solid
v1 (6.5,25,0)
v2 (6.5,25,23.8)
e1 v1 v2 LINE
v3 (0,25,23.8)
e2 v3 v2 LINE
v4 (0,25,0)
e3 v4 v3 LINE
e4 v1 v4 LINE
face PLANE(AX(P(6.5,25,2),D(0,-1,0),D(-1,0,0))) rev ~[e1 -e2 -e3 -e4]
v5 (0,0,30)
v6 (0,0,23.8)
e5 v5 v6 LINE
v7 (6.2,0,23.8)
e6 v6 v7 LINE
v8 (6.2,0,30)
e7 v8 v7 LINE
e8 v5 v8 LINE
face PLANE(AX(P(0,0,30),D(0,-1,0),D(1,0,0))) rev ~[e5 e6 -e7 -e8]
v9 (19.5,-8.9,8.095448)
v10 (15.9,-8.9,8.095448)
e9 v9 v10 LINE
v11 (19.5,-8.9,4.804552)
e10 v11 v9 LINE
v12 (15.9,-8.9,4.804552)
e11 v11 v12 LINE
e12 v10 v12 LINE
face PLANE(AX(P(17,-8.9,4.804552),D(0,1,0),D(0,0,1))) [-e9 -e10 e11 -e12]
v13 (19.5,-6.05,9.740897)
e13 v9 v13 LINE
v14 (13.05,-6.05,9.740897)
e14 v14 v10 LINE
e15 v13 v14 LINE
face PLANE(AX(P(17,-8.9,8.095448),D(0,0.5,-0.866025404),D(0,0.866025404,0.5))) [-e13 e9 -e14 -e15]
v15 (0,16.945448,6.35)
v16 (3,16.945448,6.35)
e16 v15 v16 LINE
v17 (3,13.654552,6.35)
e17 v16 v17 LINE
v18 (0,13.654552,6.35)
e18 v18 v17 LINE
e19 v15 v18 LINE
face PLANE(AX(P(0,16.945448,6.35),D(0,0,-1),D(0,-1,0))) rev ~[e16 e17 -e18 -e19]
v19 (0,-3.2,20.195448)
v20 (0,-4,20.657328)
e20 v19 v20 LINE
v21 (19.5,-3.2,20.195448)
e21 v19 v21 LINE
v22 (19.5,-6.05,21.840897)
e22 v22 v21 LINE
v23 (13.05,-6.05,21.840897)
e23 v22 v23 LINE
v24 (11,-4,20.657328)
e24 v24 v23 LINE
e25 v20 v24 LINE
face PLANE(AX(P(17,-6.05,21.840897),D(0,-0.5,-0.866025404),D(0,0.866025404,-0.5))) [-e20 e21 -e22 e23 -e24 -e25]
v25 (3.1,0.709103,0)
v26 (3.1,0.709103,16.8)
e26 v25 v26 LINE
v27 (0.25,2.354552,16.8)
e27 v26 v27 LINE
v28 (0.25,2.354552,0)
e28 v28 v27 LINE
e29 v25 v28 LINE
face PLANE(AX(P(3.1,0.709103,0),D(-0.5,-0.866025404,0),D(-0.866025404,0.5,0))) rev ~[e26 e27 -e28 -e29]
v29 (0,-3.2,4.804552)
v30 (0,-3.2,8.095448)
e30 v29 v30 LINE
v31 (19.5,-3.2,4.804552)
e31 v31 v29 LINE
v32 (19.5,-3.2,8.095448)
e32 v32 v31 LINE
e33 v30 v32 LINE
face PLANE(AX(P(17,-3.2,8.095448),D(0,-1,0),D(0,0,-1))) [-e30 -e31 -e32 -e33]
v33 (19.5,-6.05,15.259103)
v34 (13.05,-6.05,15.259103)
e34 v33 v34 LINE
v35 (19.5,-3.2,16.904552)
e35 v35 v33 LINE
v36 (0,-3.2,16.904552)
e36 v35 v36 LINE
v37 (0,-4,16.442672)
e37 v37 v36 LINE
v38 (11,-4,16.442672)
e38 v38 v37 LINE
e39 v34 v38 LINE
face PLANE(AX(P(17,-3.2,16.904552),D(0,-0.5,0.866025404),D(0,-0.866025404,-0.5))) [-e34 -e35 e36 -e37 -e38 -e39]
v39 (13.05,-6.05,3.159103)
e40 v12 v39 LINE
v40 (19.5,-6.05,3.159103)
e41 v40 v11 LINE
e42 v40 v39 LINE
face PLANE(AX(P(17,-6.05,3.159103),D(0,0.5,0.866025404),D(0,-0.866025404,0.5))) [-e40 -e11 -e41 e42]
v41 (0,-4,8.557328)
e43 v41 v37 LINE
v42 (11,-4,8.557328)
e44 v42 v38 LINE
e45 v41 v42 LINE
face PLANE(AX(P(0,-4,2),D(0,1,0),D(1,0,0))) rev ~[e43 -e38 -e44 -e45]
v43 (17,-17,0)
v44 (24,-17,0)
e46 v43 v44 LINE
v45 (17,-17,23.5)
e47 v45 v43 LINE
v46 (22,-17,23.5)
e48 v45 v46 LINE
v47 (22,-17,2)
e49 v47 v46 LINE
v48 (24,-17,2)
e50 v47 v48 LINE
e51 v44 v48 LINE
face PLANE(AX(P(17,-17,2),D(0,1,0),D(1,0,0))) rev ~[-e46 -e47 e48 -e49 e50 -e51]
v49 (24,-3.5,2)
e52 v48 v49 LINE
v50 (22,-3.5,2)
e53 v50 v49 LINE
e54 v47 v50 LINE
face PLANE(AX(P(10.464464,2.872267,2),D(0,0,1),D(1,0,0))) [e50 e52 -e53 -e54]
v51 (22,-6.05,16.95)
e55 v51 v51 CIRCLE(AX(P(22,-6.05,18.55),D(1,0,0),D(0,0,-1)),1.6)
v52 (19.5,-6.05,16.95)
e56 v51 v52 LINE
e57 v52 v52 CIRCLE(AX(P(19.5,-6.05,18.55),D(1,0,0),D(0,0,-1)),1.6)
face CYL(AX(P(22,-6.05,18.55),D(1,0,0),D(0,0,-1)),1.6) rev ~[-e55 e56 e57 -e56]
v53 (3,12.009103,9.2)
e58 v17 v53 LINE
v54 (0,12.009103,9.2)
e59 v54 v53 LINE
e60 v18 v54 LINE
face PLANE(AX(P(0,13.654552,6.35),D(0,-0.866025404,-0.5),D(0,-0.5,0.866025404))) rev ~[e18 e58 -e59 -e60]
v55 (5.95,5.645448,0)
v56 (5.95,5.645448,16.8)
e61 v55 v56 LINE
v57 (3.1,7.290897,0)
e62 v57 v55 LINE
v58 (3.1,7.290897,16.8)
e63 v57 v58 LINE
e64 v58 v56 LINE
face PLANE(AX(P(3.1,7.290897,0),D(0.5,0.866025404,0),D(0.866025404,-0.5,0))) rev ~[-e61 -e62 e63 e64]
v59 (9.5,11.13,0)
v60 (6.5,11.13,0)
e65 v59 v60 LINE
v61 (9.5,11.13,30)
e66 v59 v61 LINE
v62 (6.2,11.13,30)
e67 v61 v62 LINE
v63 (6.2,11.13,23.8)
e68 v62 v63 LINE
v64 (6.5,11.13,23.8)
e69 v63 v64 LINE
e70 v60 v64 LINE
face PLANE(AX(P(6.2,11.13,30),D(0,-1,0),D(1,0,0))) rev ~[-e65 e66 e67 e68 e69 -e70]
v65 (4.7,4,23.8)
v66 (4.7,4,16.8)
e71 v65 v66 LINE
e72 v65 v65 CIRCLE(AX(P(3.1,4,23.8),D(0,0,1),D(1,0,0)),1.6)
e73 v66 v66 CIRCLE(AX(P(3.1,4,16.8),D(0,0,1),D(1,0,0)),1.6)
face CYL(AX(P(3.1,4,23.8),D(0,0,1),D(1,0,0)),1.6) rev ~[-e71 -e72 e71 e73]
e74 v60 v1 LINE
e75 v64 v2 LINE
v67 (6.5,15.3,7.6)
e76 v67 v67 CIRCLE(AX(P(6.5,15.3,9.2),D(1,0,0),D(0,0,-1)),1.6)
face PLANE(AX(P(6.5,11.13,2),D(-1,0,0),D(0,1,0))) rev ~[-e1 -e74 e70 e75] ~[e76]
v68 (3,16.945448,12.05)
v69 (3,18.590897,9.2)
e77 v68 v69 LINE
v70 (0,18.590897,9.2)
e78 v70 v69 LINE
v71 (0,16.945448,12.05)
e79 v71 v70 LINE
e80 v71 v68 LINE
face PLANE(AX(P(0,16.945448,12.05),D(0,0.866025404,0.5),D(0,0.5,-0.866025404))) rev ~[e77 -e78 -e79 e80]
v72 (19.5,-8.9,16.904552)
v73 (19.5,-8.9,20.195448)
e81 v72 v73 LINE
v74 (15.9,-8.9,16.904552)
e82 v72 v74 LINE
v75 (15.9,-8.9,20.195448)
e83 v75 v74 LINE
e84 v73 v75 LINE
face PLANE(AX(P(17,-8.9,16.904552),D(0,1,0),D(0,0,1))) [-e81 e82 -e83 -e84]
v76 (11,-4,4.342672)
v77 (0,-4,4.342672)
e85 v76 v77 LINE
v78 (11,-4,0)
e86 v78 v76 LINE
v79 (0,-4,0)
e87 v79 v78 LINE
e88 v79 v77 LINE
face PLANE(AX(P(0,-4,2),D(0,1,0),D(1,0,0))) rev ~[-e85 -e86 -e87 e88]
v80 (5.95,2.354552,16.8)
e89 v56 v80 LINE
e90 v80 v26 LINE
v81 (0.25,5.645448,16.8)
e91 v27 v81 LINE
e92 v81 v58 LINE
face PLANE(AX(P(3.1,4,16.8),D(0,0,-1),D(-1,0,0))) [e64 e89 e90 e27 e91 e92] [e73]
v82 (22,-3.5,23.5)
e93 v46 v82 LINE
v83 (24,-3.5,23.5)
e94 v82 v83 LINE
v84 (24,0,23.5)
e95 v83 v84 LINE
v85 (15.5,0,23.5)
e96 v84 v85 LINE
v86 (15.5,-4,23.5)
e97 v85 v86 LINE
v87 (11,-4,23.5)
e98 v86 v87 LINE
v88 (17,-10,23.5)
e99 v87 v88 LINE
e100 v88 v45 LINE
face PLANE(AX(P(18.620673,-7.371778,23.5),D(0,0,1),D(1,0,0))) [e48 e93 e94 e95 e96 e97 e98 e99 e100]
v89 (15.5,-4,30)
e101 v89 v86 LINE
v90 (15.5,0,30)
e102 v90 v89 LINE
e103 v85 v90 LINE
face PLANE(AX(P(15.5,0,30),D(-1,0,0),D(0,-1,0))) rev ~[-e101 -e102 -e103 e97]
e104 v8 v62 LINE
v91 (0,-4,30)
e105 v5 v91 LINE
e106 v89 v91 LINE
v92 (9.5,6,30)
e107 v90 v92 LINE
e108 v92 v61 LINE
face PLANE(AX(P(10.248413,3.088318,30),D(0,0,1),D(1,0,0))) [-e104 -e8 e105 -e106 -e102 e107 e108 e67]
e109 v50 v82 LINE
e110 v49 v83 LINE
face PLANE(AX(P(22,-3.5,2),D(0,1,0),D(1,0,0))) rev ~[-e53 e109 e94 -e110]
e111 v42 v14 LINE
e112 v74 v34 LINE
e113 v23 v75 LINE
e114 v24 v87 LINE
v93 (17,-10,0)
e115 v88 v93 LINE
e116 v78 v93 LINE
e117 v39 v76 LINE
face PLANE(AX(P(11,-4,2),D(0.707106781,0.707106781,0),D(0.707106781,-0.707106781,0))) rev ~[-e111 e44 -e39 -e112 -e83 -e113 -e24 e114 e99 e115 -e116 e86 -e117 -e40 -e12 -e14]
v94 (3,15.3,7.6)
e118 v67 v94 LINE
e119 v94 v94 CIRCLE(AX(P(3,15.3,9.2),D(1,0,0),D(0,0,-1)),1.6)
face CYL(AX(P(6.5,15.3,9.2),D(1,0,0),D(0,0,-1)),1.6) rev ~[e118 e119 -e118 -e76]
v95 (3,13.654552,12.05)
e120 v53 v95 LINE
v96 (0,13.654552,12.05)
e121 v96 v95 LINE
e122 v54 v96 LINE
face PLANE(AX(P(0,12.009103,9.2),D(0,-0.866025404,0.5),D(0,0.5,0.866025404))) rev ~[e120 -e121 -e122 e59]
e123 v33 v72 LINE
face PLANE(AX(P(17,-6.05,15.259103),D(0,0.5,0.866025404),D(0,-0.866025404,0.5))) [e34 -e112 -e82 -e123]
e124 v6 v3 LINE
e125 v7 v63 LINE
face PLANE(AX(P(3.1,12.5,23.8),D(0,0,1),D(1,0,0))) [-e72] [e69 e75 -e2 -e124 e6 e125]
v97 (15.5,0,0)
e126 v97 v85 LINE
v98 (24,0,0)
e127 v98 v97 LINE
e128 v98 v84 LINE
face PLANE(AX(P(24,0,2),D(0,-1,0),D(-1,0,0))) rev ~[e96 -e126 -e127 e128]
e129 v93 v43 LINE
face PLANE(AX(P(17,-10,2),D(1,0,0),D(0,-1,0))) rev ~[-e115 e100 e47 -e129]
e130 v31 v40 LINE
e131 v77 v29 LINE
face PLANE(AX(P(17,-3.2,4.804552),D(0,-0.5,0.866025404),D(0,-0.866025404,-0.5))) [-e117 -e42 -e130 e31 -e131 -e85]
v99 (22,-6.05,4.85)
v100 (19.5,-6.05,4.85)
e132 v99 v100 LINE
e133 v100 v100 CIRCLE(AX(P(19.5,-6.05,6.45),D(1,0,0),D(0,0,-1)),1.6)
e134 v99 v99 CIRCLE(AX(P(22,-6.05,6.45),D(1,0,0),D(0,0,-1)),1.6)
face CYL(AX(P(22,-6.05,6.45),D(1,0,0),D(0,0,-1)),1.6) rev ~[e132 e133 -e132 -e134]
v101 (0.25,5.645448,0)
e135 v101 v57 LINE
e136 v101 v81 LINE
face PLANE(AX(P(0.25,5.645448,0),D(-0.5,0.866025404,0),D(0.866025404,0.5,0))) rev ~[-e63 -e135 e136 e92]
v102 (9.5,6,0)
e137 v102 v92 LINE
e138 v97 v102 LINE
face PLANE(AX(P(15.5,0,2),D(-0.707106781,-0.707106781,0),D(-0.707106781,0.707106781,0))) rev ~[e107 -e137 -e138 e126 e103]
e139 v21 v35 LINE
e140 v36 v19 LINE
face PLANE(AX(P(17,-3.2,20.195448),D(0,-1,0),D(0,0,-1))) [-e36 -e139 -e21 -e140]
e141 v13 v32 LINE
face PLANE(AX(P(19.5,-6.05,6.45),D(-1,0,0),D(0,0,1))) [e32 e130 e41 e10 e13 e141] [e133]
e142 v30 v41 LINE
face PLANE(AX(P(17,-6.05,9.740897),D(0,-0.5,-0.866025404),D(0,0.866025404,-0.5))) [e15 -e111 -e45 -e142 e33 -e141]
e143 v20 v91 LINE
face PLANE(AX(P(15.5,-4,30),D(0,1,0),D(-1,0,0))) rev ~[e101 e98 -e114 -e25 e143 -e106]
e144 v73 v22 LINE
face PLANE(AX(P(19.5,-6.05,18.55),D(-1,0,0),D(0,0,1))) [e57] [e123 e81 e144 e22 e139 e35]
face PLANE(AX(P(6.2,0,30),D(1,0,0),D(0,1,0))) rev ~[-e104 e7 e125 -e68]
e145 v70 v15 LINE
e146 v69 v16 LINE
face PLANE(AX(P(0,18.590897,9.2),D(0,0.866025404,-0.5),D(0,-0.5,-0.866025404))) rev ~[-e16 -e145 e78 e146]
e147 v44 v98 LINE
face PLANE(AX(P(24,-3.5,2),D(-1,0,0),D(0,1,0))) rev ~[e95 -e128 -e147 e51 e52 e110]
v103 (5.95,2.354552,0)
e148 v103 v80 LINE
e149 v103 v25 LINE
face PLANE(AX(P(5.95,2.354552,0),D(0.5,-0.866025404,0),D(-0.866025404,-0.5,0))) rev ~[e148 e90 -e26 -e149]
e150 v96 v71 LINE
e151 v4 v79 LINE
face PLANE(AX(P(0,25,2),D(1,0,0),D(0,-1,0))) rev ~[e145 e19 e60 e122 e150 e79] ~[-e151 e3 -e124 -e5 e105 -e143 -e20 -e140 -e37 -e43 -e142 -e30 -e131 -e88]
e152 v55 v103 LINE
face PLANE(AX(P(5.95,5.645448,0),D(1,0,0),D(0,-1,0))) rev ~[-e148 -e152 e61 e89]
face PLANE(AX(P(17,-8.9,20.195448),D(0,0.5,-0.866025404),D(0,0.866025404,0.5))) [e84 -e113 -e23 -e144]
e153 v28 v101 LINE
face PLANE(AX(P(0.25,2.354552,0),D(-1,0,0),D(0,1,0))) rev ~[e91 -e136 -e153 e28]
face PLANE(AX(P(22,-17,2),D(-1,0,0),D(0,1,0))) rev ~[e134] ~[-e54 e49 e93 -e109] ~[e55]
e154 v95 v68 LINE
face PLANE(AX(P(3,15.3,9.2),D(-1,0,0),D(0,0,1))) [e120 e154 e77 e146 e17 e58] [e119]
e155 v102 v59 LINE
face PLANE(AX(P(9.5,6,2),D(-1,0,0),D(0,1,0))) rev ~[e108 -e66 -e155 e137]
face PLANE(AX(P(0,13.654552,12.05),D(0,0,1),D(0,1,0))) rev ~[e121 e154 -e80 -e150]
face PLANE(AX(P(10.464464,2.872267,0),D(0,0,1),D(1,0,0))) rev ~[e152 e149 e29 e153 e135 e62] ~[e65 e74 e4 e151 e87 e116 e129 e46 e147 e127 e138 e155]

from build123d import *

# Parameters (mm, degrees)
SALIENTE_EXTRUIR1_DEPTH           = 2
SALIENTE_EXTRUIR4_DEPTH           = 28
CROQUIS6_W                        = 6.2
CROQUIS6_H                        = 25
CORTAR_EXTRUIR2_DEPTH             = 6.2
CORTAR_EXTRUIR3_REACH             = 24
CROQUIS7_R                        = 1.6
CORTAR_EXTRUIR4_REACH             = 25.8
CROQUIS8_R                        = 1.6
CORTAR_EXTRUIR5_DEPTH             = 16.8
CORTAR_EXTRUIR6_DEPTH             = 2.5
CORTAR_EXTRUIR6_DIRECTION_2_REACH = 19
CROQUIS11_W                       = 0.3
CROQUIS11_H                       = 13.87
CORTAR_EXTRUIR7_DEPTH             = 6.2
CORTAR_EXTRUIR8_REACH             = 8.5
CROQUIS12_R                       = 1.6
CORTAR_EXTRUIR9_DEPTH             = 3
CORTAR_EXTRUIR10_DEPTH            = 6.5


with BuildPart() as part:
    # Croquis1 → Saliente-Extruir1 (new body)
    with BuildSketch(Plane.XY):
        Polygon((0, 0), (0, -4), (11, -4), (17, -10), (17, -17), (24, -17), (24, 0), (15.5, 0), (9.5, 6), (9.5, 11.13), (6.5, 11.13), (6.5, 25), (0, 25), align=None)
    extrude(amount=SALIENTE_EXTRUIR1_DEPTH)

    # Croquis5 → Saliente-Extruir4 (add)
    with BuildSketch(Plane.XY.offset(2)):
        Polygon((22, -17), (22, -3.5), (24, -3.5), (24, 0), (15.5, 0), (9.5, 6), (9.5, 11.13), (6.5, 11.13), (6.5, 25), (0, 25), (0, -4), (11, -4), (17, -10), (17, -17), align=None)
    extrude(amount=SALIENTE_EXTRUIR4_DEPTH)

    # Croquis6 → Cortar-Extruir2 (cut)
    with BuildSketch(Plane.XY.offset(30)):
        with Locations((3.1, 12.5)):
            Rectangle(CROQUIS6_W, CROQUIS6_H)
    extrude(amount=-CORTAR_EXTRUIR2_DEPTH, mode=Mode.SUBTRACT)

    # Croquis7 → Cortar-Extruir3 (cut, up to next)
    with BuildSketch(Plane(origin=(22, 0, 0), x_dir=(0, 0, -1), z_dir=(1, 0, 0)), mode=Mode.PRIVATE) as cortar_extruir3_sk1:
        with Locations((-18.55, -6.05)):
            Circle(CROQUIS7_R)
    cortar_extruir3_tool1 = extrude(cortar_extruir3_sk1.sketch, amount=-CORTAR_EXTRUIR3_REACH, mode=Mode.PRIVATE) & part.part
    add(cortar_extruir3_tool1.solids().sort_by_distance((22, -6.05, 18.55))[0], mode=Mode.SUBTRACT)
    # Croquis7 → Cortar-Extruir3 (cut, up to next)
    with BuildSketch(Plane(origin=(22, 0, 0), x_dir=(0, 0, -1), z_dir=(1, 0, 0)), mode=Mode.PRIVATE) as cortar_extruir3_sk2:
        with Locations((-6.45, -6.05)):
            Circle(CROQUIS7_R)
    cortar_extruir3_tool2 = extrude(cortar_extruir3_sk2.sketch, amount=-CORTAR_EXTRUIR3_REACH, mode=Mode.PRIVATE) & part.part
    add(cortar_extruir3_tool2.solids().sort_by_distance((22, -6.05, 6.45))[0], mode=Mode.SUBTRACT)

    # Croquis8 → Cortar-Extruir4 (cut, up to next)
    with BuildSketch(Plane.XY.offset(23.8), mode=Mode.PRIVATE) as cortar_extruir4_sk1:
        with Locations((3.1, 4)):
            Circle(CROQUIS8_R)
    cortar_extruir4_tool1 = extrude(cortar_extruir4_sk1.sketch, amount=-CORTAR_EXTRUIR4_REACH, mode=Mode.PRIVATE) & part.part
    add(cortar_extruir4_tool1.solids().sort_by_distance((3.1, 4, 23.8))[0], mode=Mode.SUBTRACT)

    # Croquis9 → Cortar-Extruir5 (cut)
    with BuildSketch(Plane(origin=(0, 0, 0), x_dir=(-1, 0, 0), z_dir=(0, 0, -1))):
        Polygon((-5.95, 2.354551733), (-3.1, 0.709103466), (-0.25, 2.354551733), (-0.25, 5.645448267), (-3.1, 7.290896534), (-5.95, 5.645448267), align=None)
    extrude(amount=-CORTAR_EXTRUIR5_DEPTH, mode=Mode.SUBTRACT)

    # Croquis10 → Cortar-Extruir6 (cut)
    with BuildSketch(Plane.ZY.offset(-17)):
        Polygon((3.159103466, -6.05), (4.804551733, -8.9), (8.095448267, -8.9), (9.740896534, -6.05), (8.095448267, -3.2), (4.804551733, -3.2), align=None)
        Polygon((15.259103466, -6.05), (16.904551733, -8.9), (20.195448267, -8.9), (21.840896534, -6.05), (20.195448267, -3.2), (16.904551733, -3.2), align=None)
    extrude(amount=-CORTAR_EXTRUIR6_DEPTH, mode=Mode.SUBTRACT)

    # Croquis10 → Cortar-Extruir6 direction 2 (cut, up to next)
    with BuildSketch(Plane.ZY.offset(-17), mode=Mode.PRIVATE) as cortar_extruir6_direction_2_sk1:
        Polygon((3.159103466, -6.05), (4.804551733, -8.9), (8.095448267, -8.9), (9.740896534, -6.05), (8.095448267, -3.2), (4.804551733, -3.2), align=None)
    cortar_extruir6_direction_2_tool1 = extrude(cortar_extruir6_direction_2_sk1.sketch, amount=CORTAR_EXTRUIR6_DIRECTION_2_REACH, mode=Mode.PRIVATE) & part.part
    add(cortar_extruir6_direction_2_tool1.solids().sort_by_distance((17, -6.05, 6.45))[0], mode=Mode.SUBTRACT)
    # Croquis10 → Cortar-Extruir6 direction 2 (cut, up to next)
    with BuildSketch(Plane.ZY.offset(-17), mode=Mode.PRIVATE) as cortar_extruir6_direction_2_sk2:
        Polygon((15.259103466, -6.05), (16.904551733, -8.9), (20.195448267, -8.9), (21.840896534, -6.05), (20.195448267, -3.2), (16.904551733, -3.2), align=None)
    cortar_extruir6_direction_2_tool2 = extrude(cortar_extruir6_direction_2_sk2.sketch, amount=CORTAR_EXTRUIR6_DIRECTION_2_REACH, mode=Mode.PRIVATE) & part.part
    add(cortar_extruir6_direction_2_tool2.solids().sort_by_distance((17, -6.05, 18.55))[0], mode=Mode.SUBTRACT)

    # Croquis11 → Cortar-Extruir7 (cut)
    with BuildSketch(Plane.XY.offset(30)):
        with Locations((6.35, 18.065)):
            Rectangle(CROQUIS11_W, CROQUIS11_H)
    extrude(amount=-CORTAR_EXTRUIR7_DEPTH, mode=Mode.SUBTRACT)

    # Croquis12 → Cortar-Extruir8 (cut, up to next)
    with BuildSketch(Plane(origin=(6.5, 0, 0), x_dir=(0, 0, -1), z_dir=(1, 0, 0)), mode=Mode.PRIVATE) as cortar_extruir8_sk1:
        with Locations((-9.2, 15.3)):
            Circle(CROQUIS12_R)
    cortar_extruir8_tool1 = extrude(cortar_extruir8_sk1.sketch, amount=-CORTAR_EXTRUIR8_REACH, mode=Mode.PRIVATE) & part.part
    add(cortar_extruir8_tool1.solids().sort_by_distance((6.5, 15.3, 9.2))[0], mode=Mode.SUBTRACT)

    # Croquis13 → Cortar-Extruir9 (cut)
    with BuildSketch(Plane.ZY):
        Polygon((9.2, 18.590896534), (6.35, 16.945448267), (6.35, 13.654551733), (9.2, 12.009103466), (12.05, 13.654551733), (12.05, 16.945448267), align=None)
    extrude(amount=-CORTAR_EXTRUIR9_DEPTH, mode=Mode.SUBTRACT)

    # Croquis14 → Cortar-Extruir10 (cut)
    with BuildSketch(Plane.XY.offset(30)):
        Polygon((15.5, 0), (15.5, -4), (11, -4), (17, -10), (17, -17), (22, -17), (22, -3.5), (24, -3.5), (24, 0), align=None)
    extrude(amount=-CORTAR_EXTRUIR10_DEPTH, mode=Mode.SUBTRACT)


solid = part.part
